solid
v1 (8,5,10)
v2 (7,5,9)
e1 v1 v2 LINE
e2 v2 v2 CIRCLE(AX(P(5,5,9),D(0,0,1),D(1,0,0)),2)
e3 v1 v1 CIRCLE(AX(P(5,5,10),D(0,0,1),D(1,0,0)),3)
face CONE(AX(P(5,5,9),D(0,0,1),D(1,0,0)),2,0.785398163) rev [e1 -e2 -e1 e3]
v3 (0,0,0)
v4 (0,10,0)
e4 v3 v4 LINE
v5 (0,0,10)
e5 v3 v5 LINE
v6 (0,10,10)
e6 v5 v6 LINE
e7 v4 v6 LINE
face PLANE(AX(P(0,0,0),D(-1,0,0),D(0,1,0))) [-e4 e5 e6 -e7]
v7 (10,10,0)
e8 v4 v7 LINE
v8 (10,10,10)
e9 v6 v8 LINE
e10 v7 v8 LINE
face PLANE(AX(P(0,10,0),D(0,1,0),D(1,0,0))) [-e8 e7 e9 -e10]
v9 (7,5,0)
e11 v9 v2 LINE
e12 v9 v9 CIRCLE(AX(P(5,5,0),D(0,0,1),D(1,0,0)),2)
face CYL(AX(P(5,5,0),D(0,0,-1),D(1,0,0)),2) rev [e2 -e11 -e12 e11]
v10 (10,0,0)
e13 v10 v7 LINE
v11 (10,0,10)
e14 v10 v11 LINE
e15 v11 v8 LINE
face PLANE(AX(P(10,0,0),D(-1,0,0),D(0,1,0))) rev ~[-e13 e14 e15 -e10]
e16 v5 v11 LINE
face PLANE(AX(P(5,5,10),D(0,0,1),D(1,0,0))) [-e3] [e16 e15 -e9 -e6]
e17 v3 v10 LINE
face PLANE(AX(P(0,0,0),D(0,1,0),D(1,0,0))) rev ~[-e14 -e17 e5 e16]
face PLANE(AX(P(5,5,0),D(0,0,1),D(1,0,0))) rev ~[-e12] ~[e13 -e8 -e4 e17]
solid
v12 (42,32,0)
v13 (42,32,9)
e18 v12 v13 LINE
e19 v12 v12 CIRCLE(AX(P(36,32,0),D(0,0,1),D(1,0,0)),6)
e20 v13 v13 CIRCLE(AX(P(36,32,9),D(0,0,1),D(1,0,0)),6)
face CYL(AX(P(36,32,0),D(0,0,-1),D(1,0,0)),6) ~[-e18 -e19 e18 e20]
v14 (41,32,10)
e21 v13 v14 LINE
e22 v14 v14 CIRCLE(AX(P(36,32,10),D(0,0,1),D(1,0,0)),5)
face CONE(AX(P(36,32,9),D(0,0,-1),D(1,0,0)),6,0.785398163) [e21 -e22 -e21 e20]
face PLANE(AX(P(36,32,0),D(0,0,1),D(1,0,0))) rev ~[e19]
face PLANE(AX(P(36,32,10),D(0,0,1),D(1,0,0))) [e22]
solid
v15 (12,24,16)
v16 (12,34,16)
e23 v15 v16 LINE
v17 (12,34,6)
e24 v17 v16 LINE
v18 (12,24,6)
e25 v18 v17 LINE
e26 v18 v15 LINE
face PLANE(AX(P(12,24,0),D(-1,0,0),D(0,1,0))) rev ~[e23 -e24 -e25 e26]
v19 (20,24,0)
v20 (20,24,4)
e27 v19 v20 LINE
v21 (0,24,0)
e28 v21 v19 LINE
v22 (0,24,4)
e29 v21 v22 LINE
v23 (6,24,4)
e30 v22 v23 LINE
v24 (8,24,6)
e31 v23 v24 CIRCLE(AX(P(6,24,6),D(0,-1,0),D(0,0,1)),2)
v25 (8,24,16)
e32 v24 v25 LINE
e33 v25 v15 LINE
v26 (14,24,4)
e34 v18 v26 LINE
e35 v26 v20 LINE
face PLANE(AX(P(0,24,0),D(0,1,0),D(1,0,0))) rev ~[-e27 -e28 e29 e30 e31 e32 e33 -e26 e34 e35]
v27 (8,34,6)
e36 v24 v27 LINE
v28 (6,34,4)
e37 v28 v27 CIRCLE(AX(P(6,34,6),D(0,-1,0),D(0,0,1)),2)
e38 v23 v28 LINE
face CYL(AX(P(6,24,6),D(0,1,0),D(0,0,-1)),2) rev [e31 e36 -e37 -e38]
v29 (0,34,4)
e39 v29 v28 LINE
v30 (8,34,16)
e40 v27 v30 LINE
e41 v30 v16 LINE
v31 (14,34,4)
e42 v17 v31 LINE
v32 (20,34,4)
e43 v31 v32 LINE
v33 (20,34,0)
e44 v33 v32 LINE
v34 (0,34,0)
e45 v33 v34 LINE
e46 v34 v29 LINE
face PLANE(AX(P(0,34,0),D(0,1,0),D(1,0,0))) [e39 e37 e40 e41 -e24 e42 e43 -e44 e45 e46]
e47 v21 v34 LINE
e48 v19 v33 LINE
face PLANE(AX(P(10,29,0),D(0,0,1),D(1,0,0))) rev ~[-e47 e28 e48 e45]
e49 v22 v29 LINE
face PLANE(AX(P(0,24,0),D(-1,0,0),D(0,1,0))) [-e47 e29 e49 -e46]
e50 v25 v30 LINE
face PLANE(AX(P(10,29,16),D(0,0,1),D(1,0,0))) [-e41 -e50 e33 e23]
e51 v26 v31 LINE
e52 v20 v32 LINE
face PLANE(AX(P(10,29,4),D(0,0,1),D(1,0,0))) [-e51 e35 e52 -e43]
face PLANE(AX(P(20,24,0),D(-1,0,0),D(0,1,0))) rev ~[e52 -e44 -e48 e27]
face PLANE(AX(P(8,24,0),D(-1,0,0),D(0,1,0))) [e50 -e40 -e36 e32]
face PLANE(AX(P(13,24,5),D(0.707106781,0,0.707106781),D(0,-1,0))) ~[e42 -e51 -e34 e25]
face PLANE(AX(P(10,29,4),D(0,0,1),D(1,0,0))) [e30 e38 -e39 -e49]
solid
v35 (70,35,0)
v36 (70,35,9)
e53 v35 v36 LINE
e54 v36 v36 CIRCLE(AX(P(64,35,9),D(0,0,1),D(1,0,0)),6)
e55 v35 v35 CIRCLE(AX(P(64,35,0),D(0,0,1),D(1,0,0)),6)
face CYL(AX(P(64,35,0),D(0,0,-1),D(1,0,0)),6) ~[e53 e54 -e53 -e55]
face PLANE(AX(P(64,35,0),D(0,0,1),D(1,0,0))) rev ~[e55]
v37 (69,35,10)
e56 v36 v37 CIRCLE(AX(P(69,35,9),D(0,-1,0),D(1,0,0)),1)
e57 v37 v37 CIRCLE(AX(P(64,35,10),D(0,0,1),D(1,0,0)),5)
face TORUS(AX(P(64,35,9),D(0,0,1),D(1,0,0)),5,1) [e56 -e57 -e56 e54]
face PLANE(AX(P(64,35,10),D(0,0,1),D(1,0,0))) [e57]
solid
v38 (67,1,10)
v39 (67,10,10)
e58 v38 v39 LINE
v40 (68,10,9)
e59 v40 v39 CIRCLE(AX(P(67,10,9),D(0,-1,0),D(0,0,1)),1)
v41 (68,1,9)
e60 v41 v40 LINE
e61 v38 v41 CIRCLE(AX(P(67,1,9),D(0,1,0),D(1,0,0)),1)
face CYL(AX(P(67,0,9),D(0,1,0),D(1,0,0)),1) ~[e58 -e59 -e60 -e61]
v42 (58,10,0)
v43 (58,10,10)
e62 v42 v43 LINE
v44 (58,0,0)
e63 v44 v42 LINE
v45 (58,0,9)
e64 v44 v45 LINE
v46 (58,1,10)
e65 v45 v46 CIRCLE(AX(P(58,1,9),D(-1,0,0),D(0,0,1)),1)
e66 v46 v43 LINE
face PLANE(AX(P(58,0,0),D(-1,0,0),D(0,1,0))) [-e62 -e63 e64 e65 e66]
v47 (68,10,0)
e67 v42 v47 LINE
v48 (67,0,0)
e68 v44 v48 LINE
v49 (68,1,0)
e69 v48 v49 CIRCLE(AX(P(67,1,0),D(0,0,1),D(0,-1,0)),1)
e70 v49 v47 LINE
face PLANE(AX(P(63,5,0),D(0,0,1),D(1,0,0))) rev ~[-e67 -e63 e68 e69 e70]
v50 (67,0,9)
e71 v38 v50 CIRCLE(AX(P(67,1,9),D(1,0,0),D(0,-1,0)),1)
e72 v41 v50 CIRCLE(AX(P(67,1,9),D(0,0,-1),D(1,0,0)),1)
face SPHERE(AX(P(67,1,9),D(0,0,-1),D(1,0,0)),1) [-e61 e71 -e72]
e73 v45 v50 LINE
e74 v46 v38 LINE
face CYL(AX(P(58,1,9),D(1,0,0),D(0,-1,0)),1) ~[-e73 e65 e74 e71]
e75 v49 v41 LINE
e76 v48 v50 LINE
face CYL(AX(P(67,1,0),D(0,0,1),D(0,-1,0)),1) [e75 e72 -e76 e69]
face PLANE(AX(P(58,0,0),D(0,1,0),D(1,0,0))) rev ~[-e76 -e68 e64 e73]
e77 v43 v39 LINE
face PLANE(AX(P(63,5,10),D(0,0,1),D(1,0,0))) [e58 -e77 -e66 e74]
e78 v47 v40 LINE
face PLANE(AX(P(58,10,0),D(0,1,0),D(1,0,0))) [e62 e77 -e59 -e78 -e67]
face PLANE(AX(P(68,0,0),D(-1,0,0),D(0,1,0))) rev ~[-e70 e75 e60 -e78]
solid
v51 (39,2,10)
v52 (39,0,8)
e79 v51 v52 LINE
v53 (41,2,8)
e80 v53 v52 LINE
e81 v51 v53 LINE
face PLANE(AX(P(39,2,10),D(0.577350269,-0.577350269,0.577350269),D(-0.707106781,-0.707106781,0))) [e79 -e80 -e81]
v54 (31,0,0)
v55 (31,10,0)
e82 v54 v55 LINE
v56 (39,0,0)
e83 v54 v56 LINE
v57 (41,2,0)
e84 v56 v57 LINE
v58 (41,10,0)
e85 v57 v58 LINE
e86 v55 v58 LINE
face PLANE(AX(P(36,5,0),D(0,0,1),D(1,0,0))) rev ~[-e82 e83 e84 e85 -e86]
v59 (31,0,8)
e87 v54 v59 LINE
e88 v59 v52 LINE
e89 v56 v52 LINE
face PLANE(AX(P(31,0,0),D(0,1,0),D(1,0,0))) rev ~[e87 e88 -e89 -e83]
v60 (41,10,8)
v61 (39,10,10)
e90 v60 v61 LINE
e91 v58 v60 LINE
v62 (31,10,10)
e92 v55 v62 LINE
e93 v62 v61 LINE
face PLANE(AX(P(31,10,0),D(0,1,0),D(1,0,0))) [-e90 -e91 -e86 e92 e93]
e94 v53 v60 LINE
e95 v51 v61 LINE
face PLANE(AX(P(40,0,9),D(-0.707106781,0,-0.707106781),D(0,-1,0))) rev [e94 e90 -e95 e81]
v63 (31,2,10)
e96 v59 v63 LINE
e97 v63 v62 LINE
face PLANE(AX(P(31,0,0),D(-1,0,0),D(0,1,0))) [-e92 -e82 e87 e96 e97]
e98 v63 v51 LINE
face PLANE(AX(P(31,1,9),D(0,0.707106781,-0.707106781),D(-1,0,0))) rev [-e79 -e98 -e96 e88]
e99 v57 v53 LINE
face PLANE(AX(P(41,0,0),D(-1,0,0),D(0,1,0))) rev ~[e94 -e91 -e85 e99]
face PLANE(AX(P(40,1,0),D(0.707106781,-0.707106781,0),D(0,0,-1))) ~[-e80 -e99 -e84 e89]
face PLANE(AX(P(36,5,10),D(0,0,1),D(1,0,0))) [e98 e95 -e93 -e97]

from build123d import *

# Parameters (mm, degrees)
BOX_W             = 10
BOX_H             = 10
BOX_DEPTH         = 10
FILLET_R          = 1
BOX001_W          = 10
BOX001_H          = 10
BOX001_DEPTH      = 10
CHAMFER_SIZE      = 2
CYLINDER_R        = 2
CYLINDER_DEPTH    = 10
BOX002_W          = 10
BOX002_H          = 10
BOX002_DEPTH      = 10
CHAMFER001_SIZE   = 1
CYLINDER001_R     = 6
CYLINDER001_DEPTH = 10
FILLET001_R       = 1
CYLINDER002_R     = 6
CYLINDER002_DEPTH = 10
CHAMFER002_SIZE   = 1
BOX003_W          = 20
BOX003_H          = 10
BOX003_DEPTH      = 4
BOX004_W          = 4
BOX004_H          = 10
BOX004_DEPTH      = 16
FILLET002_R       = 2
CHAMFER003_SIZE   = 2


with BuildPart() as fillet_body:
    # Box → Box (new body)
    with BuildSketch(Plane(origin=(40, 0, 0), x_dir=(1, 0, 0), z_dir=(0, 0, 1))):
        with Locations((5, 5)):
            Rectangle(BOX_W, BOX_H)
    extrude(amount=BOX_DEPTH)

    # Fillet
    fillet_edges = [fillet_body.edges().sort_by_distance(p)[0] for p in [
        (50, 0, 5),
        (50, 5, 10),
        (45, 0, 10),
    ]]
    fillet(fillet_edges, radius=FILLET_R)


with BuildPart() as fillet_body_1:
    # Fillet placement: moved
    add(fillet_body.part.moved(Location((18, 0, 0))))


with BuildPart() as chamfer_body:
    # Box001 → Box001 (new body)
    with BuildSketch(Plane(origin=(31, 0, 0), x_dir=(1, 0, 0), z_dir=(0, 0, 1))):
        with Locations((5, 5)):
            Rectangle(BOX001_W, BOX001_H)
    extrude(amount=BOX001_DEPTH)

    # Chamfer
    chamfer_edges = [chamfer_body.edges().sort_by_distance(p)[0] for p in [
        (41, 0, 5),
        (41, 5, 10),
        (36, 0, 10),
    ]]
    chamfer(chamfer_edges, length=CHAMFER_SIZE)


with BuildPart() as cilindre:
    # Cylinder → Cylinder (new body)
    with BuildSketch(Plane(origin=(5, 5, 0), x_dir=(1, 0, 0), z_dir=(0, 0, 1))):
        Circle(CYLINDER_R)
    extrude(amount=CYLINDER_DEPTH)


with BuildPart() as chamfer001:
    # Box002 → Box002 (new body)
    with BuildSketch(Plane.XY):
        with Locations((5, 5)):
            Rectangle(BOX002_W, BOX002_H)
    extrude(amount=BOX002_DEPTH)

    # Cut: cut Cilindre
    add(cilindre.part, mode=Mode.SUBTRACT)

    # Chamfer001
    chamfer001_edges = [chamfer001.edges().sort_by_distance(p)[0] for p in [
        (3, 5, 10),
    ]]
    chamfer(chamfer001_edges, length=CHAMFER001_SIZE)


with BuildPart() as fillet001:
    # Cylinder001 → Cylinder001 (new body)
    with BuildSketch(Plane(origin=(64, 35, 0), x_dir=(1, 0, 0), z_dir=(0, 0, 1))):
        Circle(CYLINDER001_R)
    extrude(amount=CYLINDER001_DEPTH)

    # Fillet001
    fillet001_edges = [fillet001.edges().sort_by_distance(p)[0] for p in [
        (58, 35, 10),
    ]]
    fillet(fillet001_edges, radius=FILLET001_R)


with BuildPart() as chamfer002:
    # Cylinder002 → Cylinder002 (new body)
    with BuildSketch(Plane(origin=(36, 32, 0), x_dir=(1, 0, 0), z_dir=(0, 0, 1))):
        Circle(CYLINDER002_R)
    extrude(amount=CYLINDER002_DEPTH)

    # Chamfer002
    chamfer002_edges = [chamfer002.edges().sort_by_distance(p)[0] for p in [
        (30, 32, 10),
    ]]
    chamfer(chamfer002_edges, length=CHAMFER002_SIZE)


with BuildPart() as cub003:
    # Box003 → Box003 (new body)
    with BuildSketch(Plane(origin=(0, 24, 0), x_dir=(1, 0, 0), z_dir=(0, 0, 1))):
        with Locations((10, 5)):
            Rectangle(BOX003_W, BOX003_H)
    extrude(amount=BOX003_DEPTH)


with BuildPart() as chamfer003:
    # Box004 → Box004 (new body)
    with BuildSketch(Plane(origin=(8, 24, 0), x_dir=(1, 0, 0), z_dir=(0, 0, 1))):
        with Locations((2, 5)):
            Rectangle(BOX004_W, BOX004_H)
    extrude(amount=BOX004_DEPTH)

    # Fusion: union Cub003
    add(cub003.part)

    # Fillet002
    fillet002_edges = [chamfer003.edges().sort_by_distance(p)[0] for p in [
        (8, 29, 4),
    ]]
    fillet(fillet002_edges, radius=FILLET002_R)

    # Chamfer003
    chamfer003_edges = [chamfer003.edges().sort_by_distance(p)[0] for p in [
        (12, 29, 4),
    ]]
    chamfer(chamfer003_edges, length=CHAMFER003_SIZE)


solid = Compound([fillet_body_1.part, chamfer_body.part, chamfer001.part, fillet001.part, chamfer002.part, chamfer003.part])
